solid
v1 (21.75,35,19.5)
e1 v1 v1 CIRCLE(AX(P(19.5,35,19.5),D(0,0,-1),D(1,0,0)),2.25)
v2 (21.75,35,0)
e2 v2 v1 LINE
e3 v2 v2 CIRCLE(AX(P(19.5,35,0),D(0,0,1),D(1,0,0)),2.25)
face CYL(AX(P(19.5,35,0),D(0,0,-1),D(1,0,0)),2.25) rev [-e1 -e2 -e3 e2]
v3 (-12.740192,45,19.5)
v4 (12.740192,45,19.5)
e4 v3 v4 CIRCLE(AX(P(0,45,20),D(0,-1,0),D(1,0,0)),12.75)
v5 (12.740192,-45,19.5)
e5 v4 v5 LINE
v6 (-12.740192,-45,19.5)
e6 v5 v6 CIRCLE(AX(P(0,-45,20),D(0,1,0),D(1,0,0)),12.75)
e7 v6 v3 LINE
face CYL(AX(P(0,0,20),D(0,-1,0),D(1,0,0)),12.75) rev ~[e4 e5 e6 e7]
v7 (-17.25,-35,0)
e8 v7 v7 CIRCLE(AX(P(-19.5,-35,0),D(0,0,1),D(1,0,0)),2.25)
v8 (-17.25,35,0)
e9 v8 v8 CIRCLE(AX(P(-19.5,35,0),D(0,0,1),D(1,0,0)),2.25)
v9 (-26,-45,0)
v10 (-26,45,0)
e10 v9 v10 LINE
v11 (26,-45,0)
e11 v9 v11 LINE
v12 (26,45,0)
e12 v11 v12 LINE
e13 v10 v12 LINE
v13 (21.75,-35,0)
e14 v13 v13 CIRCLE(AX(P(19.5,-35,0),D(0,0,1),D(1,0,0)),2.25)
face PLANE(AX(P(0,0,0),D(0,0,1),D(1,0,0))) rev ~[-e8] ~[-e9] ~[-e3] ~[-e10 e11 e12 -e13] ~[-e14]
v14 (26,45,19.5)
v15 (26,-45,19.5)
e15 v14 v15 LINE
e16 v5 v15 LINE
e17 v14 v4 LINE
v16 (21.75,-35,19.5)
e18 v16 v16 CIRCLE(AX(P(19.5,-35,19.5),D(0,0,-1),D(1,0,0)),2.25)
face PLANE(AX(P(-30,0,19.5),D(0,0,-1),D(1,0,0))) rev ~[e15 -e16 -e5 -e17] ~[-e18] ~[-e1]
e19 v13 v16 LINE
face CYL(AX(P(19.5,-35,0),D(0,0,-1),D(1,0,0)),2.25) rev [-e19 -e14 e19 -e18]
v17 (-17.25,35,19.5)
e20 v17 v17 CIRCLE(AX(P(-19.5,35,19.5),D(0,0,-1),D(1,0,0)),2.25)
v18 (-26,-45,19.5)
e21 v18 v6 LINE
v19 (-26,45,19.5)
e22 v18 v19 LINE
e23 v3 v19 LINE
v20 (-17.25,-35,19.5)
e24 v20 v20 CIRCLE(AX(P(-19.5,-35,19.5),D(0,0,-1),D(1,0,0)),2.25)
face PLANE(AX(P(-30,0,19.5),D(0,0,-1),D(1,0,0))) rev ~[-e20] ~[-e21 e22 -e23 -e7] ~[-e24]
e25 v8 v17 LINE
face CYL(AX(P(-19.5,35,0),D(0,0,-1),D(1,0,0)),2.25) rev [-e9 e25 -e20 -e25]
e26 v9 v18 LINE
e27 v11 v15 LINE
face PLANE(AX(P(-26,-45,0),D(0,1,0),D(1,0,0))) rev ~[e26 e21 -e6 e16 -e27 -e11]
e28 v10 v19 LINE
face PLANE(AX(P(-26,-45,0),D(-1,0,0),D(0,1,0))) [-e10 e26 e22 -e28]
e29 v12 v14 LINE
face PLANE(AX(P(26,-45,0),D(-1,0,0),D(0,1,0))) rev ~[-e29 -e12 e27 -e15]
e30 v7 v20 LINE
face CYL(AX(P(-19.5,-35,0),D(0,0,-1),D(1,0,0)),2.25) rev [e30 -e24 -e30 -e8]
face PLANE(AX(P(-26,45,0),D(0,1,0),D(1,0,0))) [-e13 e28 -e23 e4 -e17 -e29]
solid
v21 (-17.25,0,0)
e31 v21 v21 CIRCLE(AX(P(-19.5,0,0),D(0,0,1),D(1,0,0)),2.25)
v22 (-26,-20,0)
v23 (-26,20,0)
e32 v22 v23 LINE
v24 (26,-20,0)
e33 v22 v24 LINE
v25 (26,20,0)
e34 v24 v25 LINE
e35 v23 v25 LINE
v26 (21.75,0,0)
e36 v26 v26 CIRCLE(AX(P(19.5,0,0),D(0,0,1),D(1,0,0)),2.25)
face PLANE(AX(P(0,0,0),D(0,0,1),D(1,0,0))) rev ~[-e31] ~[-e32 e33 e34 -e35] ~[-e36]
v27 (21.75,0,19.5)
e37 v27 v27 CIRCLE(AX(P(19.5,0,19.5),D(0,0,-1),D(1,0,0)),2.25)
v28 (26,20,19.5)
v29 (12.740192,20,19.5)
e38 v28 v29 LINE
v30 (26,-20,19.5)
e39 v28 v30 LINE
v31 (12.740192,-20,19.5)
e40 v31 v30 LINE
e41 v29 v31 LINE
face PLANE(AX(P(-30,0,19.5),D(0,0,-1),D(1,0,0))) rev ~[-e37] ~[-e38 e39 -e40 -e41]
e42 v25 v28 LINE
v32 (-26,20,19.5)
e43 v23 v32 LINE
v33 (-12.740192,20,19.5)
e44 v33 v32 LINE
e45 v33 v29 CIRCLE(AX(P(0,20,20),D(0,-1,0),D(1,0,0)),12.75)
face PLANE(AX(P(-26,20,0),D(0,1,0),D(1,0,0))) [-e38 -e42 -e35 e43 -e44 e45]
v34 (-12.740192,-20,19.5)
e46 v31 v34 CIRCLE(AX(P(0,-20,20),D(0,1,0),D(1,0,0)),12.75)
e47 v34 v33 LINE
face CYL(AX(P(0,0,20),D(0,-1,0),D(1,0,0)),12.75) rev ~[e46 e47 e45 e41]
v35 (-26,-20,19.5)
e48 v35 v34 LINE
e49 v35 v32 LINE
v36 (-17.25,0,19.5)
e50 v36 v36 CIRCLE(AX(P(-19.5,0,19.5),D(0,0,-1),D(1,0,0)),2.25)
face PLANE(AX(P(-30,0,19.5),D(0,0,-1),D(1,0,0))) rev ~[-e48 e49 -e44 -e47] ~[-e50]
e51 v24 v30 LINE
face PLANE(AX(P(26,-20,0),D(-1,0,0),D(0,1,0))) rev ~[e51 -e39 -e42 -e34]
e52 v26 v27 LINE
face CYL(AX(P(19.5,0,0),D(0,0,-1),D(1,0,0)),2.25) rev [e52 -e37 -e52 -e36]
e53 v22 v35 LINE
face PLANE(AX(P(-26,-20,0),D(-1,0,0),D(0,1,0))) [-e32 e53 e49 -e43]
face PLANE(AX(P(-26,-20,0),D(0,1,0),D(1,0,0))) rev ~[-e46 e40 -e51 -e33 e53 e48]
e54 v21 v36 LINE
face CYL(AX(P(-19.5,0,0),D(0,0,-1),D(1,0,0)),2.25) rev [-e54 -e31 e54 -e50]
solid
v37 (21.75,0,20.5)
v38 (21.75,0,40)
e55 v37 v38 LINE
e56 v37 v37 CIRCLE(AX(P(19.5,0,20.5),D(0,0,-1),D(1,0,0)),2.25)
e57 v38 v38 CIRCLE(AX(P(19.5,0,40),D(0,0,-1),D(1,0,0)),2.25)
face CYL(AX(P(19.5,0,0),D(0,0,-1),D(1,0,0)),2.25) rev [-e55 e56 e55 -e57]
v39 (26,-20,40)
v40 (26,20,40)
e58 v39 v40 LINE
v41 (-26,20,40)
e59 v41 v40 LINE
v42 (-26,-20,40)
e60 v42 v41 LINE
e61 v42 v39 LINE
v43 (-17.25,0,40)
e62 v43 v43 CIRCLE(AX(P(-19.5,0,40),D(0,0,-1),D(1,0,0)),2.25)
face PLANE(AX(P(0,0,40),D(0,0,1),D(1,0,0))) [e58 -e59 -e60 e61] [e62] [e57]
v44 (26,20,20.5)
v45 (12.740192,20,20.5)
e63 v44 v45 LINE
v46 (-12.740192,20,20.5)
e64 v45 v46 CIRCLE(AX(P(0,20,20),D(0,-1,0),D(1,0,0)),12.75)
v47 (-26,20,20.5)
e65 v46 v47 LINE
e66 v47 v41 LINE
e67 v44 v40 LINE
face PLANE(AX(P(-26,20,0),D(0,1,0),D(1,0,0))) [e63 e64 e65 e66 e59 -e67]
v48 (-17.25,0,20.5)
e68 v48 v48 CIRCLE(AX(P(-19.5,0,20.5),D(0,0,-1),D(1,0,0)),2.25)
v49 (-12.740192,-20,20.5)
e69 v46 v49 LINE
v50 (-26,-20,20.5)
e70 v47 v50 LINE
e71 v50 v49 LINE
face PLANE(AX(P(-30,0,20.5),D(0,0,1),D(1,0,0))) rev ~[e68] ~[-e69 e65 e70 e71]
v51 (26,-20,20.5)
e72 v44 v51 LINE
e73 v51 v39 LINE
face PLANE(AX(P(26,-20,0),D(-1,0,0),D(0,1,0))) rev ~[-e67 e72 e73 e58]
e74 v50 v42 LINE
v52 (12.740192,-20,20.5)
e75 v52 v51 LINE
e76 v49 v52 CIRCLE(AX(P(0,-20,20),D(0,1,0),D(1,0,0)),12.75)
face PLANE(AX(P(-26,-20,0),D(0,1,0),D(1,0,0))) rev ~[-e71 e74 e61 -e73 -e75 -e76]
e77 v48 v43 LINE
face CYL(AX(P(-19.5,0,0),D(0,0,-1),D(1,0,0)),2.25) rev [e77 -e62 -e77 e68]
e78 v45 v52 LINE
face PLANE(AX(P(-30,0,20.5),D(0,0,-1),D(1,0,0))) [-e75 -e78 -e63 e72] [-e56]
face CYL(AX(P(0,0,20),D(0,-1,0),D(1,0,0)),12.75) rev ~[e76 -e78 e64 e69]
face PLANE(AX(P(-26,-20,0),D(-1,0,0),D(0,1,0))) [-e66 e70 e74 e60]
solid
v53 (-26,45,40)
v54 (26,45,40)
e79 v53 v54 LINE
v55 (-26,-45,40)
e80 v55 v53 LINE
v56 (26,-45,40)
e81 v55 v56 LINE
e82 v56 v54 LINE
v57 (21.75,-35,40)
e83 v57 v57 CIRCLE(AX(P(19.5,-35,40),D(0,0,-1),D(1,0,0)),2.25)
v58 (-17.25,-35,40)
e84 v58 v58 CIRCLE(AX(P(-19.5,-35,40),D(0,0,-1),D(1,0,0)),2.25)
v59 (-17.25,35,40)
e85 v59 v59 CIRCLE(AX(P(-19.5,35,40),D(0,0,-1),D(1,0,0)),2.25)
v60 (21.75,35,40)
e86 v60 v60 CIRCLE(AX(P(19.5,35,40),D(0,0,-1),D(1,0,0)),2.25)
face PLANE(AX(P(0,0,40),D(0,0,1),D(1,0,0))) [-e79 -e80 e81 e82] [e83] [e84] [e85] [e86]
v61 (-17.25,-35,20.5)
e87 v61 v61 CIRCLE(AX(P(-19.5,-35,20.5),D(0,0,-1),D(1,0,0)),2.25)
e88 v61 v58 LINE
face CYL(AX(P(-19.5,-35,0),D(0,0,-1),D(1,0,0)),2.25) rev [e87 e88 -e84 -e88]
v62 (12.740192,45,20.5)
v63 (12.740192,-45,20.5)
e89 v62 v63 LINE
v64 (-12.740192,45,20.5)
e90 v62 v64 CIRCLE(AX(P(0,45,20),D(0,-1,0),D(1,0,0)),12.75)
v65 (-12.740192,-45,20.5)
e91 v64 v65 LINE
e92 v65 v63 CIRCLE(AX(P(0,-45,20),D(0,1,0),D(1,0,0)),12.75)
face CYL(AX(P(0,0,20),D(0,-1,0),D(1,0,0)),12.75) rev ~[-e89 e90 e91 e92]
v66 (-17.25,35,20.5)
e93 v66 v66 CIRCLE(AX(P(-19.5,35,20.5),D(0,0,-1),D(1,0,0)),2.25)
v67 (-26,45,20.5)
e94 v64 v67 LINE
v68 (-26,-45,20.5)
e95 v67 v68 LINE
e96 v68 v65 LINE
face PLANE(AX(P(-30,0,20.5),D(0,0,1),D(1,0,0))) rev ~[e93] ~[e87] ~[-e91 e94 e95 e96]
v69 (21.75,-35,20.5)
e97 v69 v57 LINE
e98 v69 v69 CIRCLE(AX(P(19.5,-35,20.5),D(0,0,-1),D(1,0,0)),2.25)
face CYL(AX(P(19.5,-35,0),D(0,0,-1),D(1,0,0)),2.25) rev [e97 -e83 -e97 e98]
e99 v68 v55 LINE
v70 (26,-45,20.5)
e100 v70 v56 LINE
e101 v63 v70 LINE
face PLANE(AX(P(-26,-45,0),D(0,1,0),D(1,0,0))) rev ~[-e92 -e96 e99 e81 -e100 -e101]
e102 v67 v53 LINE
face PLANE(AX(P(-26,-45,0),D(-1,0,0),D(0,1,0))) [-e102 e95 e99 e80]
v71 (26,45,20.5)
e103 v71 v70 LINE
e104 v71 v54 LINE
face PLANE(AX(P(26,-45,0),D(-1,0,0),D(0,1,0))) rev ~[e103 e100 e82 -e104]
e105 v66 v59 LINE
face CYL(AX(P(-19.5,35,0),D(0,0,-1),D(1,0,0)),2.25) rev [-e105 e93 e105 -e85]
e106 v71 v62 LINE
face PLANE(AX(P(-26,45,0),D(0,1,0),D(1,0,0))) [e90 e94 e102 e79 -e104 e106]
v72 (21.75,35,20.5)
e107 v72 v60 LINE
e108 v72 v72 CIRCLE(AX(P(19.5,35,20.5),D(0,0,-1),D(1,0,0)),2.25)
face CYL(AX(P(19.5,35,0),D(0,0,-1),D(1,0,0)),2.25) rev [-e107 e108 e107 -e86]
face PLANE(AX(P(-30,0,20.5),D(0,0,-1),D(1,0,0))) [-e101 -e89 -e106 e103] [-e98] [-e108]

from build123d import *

# Parameters (mm, degrees)
SKETCH_W             = 52
SKETCH_H             = 90
PAD_DEPTH            = 40
SKETCH001_R          = 12.75
POCKET_DEPTH         = 45.001
POCKET_DEPTH_BACK    = -45.001
SKETCH002_W          = 60
SKETCH002_H          = 1
POCKET001_DEPTH      = 45.001
POCKET001_DEPTH_BACK = -45.001
SKETCH003_R          = 2.25
POCKET002_DEPTH      = 0.001
POCKET002_DEPTH_BACK = -40.001
SKETCH004_W          = 52
SKETCH004_H          = 40
PAD001_DEPTH         = 40
SKETCH005_R          = 12.75
POCKET003_DEPTH      = 20.001
POCKET003_DEPTH_BACK = -20.001
SKETCH006_W          = 60
SKETCH006_H          = 1
POCKET004_DEPTH      = 20.001
POCKET004_DEPTH_BACK = -20.001
SKETCH007_R          = 2.25
POCKET005_DEPTH      = 0.001
POCKET005_DEPTH_BACK = -40.001


with BuildPart() as body:
    # Sketch → Pad (new body)
    with BuildSketch(Plane.XY):
        Rectangle(SKETCH_W, SKETCH_H)
    extrude(amount=PAD_DEPTH)

    # Sketch001 → Pocket (cut, two sides)
    with BuildSketch(Plane.XZ) as pocket_sk:
        with Locations((0, 20)):
            Circle(SKETCH001_R)
    extrude(amount=-POCKET_DEPTH, mode=Mode.SUBTRACT)
    extrude(pocket_sk.sketch, amount=-POCKET_DEPTH_BACK, mode=Mode.SUBTRACT)

    # Sketch002 → Pocket001 (cut, two sides)
    with BuildSketch(Plane.XZ) as pocket001_sk:
        with Locations((0, 20)):
            Rectangle(SKETCH002_W, SKETCH002_H)
    extrude(amount=-POCKET001_DEPTH, mode=Mode.SUBTRACT)
    extrude(pocket001_sk.sketch, amount=-POCKET001_DEPTH_BACK, mode=Mode.SUBTRACT)

    # Sketch003 → Pocket002 (cut, two sides)
    with BuildSketch(Plane.XY) as pocket002_sk:
        with Locations((-19.5, 35)):
            Circle(SKETCH003_R)
        with Locations((19.5, 35)):
            Circle(SKETCH003_R)
        with Locations((19.5, -35)):
            Circle(SKETCH003_R)
        with Locations((-19.5, -35)):
            Circle(SKETCH003_R)
    extrude(amount=-POCKET002_DEPTH, mode=Mode.SUBTRACT)
    extrude(pocket002_sk.sketch, amount=-POCKET002_DEPTH_BACK, mode=Mode.SUBTRACT)


with BuildPart() as body001:
    # Sketch004 → Pad001 (new body)
    with BuildSketch(Plane.XY):
        Rectangle(SKETCH004_W, SKETCH004_H)
    extrude(amount=PAD001_DEPTH)

    # Sketch005 → Pocket003 (cut, two sides)
    with BuildSketch(Plane.XZ) as pocket003_sk:
        with Locations((0, 20)):
            Circle(SKETCH005_R)
    extrude(amount=-POCKET003_DEPTH, mode=Mode.SUBTRACT)
    extrude(pocket003_sk.sketch, amount=-POCKET003_DEPTH_BACK, mode=Mode.SUBTRACT)

    # Sketch006 → Pocket004 (cut, two sides)
    with BuildSketch(Plane.XZ) as pocket004_sk:
        with Locations((0, 20)):
            Rectangle(SKETCH006_W, SKETCH006_H)
    extrude(amount=-POCKET004_DEPTH, mode=Mode.SUBTRACT)
    extrude(pocket004_sk.sketch, amount=-POCKET004_DEPTH_BACK, mode=Mode.SUBTRACT)

    # Sketch007 → Pocket005 (cut, two sides)
    with BuildSketch(Plane.XY) as pocket005_sk:
        with Locations((-19.5, 0)):
            Circle(SKETCH007_R)
        with Locations((19.5, 0)):
            Circle(SKETCH007_R)
    extrude(amount=-POCKET005_DEPTH, mode=Mode.SUBTRACT)
    extrude(pocket005_sk.sketch, amount=-POCKET005_DEPTH_BACK, mode=Mode.SUBTRACT)


solid = Compound([body.part, body001.part])
